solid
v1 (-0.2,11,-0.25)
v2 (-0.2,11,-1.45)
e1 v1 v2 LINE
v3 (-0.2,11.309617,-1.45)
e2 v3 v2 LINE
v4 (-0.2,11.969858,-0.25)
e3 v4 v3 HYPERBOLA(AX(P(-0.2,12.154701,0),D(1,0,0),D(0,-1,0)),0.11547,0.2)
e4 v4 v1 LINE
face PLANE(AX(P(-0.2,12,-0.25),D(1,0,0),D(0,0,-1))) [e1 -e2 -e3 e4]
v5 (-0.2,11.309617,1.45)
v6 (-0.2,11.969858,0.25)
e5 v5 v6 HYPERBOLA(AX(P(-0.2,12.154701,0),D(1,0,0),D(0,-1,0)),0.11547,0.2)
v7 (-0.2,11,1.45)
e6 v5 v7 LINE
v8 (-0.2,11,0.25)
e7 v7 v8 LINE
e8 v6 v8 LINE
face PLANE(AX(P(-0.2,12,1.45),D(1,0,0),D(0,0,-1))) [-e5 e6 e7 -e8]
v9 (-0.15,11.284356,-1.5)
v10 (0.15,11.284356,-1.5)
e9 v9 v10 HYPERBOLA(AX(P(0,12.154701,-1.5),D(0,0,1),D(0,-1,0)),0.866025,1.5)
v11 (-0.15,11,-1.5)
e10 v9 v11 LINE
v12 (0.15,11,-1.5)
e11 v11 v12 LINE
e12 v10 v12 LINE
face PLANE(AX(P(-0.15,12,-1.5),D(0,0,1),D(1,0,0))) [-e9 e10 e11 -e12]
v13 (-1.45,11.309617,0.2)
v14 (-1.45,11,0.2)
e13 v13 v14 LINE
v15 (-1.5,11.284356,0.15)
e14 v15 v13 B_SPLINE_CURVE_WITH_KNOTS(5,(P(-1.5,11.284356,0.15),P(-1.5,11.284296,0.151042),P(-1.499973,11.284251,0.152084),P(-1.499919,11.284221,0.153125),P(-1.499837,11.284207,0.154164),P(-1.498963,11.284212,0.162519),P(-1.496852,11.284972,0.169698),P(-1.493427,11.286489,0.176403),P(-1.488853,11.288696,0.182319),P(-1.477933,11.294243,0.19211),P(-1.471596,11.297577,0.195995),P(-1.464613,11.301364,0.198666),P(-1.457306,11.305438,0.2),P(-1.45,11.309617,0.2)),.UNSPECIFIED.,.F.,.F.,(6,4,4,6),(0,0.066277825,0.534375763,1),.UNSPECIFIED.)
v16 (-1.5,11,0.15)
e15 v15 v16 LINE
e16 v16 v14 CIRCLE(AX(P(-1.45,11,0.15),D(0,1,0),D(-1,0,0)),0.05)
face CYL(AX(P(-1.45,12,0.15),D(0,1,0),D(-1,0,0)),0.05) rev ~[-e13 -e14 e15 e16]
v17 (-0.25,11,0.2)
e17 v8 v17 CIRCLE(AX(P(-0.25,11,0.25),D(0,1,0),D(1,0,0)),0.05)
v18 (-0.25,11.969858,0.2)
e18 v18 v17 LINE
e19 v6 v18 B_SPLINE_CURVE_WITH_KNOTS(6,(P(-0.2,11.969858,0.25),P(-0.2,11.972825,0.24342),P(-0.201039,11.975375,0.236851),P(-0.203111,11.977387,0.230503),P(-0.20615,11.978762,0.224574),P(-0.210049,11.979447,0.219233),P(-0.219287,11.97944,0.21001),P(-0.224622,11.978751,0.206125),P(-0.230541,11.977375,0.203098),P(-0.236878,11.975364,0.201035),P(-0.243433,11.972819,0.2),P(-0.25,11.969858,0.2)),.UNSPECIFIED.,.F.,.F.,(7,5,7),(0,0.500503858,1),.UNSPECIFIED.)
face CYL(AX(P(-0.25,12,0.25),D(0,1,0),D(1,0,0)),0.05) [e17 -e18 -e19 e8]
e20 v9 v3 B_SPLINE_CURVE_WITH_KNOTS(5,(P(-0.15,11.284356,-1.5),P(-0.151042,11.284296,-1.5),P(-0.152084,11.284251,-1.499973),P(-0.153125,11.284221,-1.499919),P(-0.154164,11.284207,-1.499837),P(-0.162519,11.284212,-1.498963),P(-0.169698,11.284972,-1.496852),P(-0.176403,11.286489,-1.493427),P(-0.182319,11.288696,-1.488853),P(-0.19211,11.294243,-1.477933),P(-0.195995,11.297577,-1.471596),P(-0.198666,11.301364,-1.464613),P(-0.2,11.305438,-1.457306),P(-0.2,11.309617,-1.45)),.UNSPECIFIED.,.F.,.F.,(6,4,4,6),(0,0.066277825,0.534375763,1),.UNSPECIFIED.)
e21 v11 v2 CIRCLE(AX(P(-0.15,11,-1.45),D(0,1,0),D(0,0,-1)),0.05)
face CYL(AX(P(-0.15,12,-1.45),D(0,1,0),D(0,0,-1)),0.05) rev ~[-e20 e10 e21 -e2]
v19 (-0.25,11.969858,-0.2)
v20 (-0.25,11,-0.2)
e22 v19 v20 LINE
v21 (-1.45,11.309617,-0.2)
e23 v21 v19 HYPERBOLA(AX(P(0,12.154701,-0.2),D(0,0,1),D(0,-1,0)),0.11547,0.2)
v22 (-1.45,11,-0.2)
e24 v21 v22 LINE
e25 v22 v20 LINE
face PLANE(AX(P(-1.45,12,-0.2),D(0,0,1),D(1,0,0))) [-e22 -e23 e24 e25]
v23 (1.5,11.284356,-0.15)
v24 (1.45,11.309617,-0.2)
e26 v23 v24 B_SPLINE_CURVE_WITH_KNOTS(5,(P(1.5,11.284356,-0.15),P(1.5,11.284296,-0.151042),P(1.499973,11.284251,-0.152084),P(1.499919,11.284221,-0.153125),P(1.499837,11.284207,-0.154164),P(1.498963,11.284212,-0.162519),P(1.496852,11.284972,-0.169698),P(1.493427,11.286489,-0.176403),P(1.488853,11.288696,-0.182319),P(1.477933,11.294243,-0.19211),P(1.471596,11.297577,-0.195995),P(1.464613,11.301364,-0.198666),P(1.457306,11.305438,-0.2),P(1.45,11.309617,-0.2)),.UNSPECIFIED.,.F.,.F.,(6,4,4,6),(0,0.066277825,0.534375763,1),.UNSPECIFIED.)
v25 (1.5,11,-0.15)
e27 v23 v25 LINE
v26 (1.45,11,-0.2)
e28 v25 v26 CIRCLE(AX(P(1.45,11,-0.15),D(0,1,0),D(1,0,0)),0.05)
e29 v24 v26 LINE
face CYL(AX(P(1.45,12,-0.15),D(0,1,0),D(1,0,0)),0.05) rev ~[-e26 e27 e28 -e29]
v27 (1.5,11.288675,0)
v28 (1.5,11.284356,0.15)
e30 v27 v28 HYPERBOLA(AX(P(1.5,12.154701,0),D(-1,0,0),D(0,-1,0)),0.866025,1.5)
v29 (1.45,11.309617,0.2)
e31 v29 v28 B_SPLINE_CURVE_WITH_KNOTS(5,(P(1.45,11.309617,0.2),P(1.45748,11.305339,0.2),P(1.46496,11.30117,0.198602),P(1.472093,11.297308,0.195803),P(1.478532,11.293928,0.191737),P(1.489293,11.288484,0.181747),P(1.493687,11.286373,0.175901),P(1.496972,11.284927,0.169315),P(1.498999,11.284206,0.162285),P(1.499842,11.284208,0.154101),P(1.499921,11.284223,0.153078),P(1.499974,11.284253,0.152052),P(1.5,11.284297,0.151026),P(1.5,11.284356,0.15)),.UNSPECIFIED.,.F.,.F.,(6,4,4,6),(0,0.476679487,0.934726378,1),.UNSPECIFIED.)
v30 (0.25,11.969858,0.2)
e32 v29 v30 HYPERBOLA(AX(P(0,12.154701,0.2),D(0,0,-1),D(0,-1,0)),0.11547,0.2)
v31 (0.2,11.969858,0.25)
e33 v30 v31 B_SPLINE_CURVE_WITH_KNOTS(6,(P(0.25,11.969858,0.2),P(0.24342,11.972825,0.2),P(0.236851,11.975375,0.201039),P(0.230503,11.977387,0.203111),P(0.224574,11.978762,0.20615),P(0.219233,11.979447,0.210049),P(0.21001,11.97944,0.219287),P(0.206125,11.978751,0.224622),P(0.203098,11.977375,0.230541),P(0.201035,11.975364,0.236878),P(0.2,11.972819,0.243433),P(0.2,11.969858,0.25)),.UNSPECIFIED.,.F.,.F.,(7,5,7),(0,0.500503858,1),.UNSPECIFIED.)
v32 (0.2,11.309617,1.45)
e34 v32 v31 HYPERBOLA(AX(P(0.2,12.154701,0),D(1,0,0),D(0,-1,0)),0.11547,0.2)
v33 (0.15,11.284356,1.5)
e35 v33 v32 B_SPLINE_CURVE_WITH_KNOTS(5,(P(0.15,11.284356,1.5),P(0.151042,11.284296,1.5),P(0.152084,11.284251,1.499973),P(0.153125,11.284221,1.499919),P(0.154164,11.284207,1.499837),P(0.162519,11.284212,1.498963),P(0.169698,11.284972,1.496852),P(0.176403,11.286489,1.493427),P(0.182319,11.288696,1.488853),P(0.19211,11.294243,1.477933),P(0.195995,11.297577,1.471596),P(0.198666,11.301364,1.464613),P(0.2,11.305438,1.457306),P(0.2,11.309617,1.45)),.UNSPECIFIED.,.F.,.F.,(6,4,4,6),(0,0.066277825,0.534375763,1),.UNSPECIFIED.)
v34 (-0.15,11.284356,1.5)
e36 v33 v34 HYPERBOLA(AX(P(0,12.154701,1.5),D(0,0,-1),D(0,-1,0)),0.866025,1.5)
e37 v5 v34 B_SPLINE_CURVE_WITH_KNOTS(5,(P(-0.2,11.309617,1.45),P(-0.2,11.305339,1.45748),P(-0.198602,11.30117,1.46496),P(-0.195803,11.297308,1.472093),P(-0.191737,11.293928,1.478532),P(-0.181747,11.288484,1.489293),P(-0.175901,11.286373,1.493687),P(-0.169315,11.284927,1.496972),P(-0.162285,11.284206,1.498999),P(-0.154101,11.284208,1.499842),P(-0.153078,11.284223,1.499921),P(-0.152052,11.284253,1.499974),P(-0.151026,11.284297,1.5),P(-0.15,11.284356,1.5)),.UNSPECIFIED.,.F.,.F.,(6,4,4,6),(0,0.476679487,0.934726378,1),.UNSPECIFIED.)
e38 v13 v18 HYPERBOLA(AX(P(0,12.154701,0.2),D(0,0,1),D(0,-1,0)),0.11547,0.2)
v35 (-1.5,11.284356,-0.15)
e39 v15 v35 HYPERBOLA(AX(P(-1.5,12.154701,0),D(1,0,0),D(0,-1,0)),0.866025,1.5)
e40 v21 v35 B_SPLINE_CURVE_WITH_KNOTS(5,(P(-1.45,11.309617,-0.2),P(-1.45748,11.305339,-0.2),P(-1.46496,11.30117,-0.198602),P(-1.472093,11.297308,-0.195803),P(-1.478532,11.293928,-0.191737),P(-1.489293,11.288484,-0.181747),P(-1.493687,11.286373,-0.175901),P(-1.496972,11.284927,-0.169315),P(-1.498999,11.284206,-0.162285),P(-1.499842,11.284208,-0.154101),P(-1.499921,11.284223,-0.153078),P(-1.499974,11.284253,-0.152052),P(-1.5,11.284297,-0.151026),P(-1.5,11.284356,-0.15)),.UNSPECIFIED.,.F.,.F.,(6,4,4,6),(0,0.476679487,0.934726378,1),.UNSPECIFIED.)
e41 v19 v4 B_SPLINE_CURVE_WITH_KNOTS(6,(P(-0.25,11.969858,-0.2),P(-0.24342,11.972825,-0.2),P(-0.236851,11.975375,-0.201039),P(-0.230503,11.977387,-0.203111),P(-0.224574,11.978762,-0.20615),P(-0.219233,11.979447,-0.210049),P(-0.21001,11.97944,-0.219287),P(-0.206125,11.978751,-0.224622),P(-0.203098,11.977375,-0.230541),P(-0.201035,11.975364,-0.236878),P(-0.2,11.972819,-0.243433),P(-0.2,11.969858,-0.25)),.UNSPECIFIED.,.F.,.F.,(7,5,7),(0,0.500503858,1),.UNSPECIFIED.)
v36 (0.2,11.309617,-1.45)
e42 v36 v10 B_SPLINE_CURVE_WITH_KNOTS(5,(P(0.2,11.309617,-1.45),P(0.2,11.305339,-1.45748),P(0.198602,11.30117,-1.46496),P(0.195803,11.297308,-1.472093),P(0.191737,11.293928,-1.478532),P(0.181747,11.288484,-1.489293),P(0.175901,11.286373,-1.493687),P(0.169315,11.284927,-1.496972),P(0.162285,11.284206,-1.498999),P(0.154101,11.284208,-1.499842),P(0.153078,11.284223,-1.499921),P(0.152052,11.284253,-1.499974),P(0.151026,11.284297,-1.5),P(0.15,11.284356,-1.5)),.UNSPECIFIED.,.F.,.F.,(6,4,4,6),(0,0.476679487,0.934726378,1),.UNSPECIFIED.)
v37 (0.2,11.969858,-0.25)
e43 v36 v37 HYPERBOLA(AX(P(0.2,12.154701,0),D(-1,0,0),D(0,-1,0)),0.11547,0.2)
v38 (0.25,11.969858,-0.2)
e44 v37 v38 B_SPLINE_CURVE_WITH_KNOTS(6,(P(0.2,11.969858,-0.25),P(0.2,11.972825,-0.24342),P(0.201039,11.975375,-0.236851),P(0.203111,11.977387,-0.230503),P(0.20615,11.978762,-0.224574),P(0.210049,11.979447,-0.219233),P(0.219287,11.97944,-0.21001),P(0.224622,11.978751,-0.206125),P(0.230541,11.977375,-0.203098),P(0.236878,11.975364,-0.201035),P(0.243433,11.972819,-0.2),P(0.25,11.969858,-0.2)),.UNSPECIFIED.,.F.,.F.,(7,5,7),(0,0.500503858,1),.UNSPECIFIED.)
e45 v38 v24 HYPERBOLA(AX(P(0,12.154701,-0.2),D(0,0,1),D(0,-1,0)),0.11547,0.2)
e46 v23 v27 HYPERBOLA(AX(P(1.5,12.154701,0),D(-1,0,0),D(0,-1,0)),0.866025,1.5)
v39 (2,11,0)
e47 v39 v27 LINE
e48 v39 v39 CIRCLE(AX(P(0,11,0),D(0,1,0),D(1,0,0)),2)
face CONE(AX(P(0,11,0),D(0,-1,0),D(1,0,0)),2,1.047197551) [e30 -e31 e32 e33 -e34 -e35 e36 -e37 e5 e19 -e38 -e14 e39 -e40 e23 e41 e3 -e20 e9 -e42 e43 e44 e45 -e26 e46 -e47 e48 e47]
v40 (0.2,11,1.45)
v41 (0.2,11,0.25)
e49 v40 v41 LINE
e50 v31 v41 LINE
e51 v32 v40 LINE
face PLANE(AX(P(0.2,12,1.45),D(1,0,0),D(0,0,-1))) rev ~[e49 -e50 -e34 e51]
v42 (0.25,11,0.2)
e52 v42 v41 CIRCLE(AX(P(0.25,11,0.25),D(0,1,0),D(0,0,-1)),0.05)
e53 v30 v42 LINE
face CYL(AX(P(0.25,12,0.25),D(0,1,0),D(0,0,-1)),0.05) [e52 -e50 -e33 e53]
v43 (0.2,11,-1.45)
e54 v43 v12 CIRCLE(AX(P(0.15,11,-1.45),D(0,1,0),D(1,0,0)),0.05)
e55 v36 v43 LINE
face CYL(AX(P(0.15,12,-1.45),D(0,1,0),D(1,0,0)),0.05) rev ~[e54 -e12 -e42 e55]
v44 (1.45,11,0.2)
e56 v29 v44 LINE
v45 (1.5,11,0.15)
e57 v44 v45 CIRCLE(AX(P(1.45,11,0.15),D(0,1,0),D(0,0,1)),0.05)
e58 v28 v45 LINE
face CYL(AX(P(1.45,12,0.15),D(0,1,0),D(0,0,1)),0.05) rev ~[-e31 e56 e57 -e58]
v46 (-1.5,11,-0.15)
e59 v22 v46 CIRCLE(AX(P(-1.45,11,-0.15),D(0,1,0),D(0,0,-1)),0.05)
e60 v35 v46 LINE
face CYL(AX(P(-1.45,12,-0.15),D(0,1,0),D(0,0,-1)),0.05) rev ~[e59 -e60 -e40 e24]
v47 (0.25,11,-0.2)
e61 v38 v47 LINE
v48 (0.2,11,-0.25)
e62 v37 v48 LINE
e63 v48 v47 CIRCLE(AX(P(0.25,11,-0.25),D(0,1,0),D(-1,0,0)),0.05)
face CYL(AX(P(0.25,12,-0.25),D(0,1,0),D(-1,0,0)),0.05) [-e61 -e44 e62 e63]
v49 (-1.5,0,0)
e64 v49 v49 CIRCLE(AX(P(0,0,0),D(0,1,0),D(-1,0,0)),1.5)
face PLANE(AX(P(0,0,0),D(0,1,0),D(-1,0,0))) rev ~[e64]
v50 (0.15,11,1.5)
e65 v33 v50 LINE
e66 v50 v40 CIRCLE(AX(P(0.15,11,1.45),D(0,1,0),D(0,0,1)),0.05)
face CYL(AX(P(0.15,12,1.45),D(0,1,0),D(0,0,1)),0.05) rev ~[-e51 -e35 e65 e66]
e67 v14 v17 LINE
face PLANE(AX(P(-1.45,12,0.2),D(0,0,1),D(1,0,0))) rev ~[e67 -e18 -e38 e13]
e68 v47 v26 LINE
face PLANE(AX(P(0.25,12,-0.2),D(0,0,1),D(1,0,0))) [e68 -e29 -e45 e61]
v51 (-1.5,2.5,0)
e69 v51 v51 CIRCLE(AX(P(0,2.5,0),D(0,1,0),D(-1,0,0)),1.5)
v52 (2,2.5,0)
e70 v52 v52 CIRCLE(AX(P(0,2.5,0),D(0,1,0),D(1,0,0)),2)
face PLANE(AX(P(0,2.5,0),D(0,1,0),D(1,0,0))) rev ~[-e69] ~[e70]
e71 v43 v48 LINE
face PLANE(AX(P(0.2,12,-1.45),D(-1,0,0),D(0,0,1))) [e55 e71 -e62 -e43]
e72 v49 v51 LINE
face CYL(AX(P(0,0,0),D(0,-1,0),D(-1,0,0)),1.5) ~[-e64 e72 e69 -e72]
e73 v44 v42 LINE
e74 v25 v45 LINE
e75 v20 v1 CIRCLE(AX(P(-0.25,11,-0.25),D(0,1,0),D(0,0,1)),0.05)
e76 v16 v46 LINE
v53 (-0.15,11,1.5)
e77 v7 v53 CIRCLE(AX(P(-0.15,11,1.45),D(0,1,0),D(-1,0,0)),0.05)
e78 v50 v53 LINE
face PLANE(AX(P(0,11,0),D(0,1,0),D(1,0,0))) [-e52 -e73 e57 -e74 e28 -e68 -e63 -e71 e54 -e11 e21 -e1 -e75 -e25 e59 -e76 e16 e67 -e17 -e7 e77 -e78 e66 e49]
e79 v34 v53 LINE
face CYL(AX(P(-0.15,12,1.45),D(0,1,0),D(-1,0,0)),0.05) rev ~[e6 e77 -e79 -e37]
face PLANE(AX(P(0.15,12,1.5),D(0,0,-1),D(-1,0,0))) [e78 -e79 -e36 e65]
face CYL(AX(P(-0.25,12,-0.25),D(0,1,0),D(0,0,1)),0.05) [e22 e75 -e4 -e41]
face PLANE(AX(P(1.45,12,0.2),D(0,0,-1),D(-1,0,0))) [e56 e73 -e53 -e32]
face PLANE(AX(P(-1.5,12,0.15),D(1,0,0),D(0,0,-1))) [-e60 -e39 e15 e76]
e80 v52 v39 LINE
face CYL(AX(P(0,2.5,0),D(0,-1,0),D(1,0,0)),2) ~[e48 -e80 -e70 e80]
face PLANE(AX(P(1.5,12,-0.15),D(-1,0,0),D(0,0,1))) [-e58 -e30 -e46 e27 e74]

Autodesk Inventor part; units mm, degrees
ref_plane "YZ Plane" through (0, 0, 0) normal (1, 0, 0) x (0, 1, 0)
ref_plane "XZ Plane" through (0, 0, 0) normal (0, 1, 0) x (-1, 0, 0)
ref_plane "XY Plane" through (0, 0, 0) normal (0, 0, 1) x (1, 0, 0)
sketch "Sketch1" plane through (0, 0, 0) normal (0, 1, 0) x (-1, 0, 0)
  circle A0 centre (0, 0) radius 1.5
  dimension "d0" = 3
extrude "Extrusion1" add sketch "Sketch1" along normal blind 2.5
sketch "Sketch2" plane through (0, 2.5, 0) normal (0, 1, 0) x (1, 0, 0)
  circle A0 centre (0, 0) radius 2
  dimension "d3" = 4
extrude "Extrusion2" add sketch "Sketch2" along normal blind 8.5
thread "Thread1" size "M3x0.5" class "6g" standard "ANSI Metric M Profile" length 5.5
sketch "Sketch3" plane through (0, 11, 0) normal (0, 1, 0) x (1, 0, 0)
  circle A0 centre (0, 0) radius 2
  dimension "d8" = 4
extrude "Extrusion3" add sketch "Sketch3" along normal blind 1 draft -60
sketch "Sketch4" plane through (0, 12, 0) normal (0, 1, 0) x (1, 0, 0)
  line L0 (-0.15, 1.5) -> (0.15, 1.5)
  line L1 (0.2, 1.45) -> (0.2, 0.25)
  line L2 (0.15, -1.5) -> (-0.15, -1.5)
  line L3 (-0.2, 0.25) -> (-0.2, 1.45)
  line L4 (-0.2, 1.5) -> (0.2, -1.5) construction
  line L5 (0.2, 1.5) -> (-0.2, -1.5) construction
  line L6 (0.25, 0.2) -> (1.45, 0.2)
  line L7 (1.5, 0.15) -> (1.5, -0.15)
  line L8 (1.45, -0.2) -> (0.25, -0.2)
  line L9 (-1.5, -0.15) -> (-1.5, 0.15)
  circle A0 centre (0, 0) radius 0.2679 projected
  line L10 (-1.5, 0.2) -> (1.5, -0.2) construction
  line L11 (1.5, 0.2) -> (-1.5, -0.2) construction
  arc A1 (-0.15, 1.5) -> (-0.2, 1.45) centre (-0.15, 1.45) ccw
  arc A2 (0.2, 1.45) -> (0.15, 1.5) centre (0.15, 1.45) ccw
  arc A3 (0.2, 0.25) -> (0.25, 0.2) centre (0.25, 0.25) ccw
  arc A4 (1.5, 0.15) -> (1.45, 0.2) centre (1.45, 0.15) ccw
  arc A5 (1.45, -0.2) -> (1.5, -0.15) centre (1.45, -0.15) ccw
  line L12 (0.2, -1.45) -> (0.2, -0.25)
  line L13 (-1.45, 0.2) -> (-0.25, 0.2)
  arc A6 (0.25, -0.2) -> (0.2, -0.25) centre (0.25, -0.25) ccw
  arc A7 (-0.25, 0.2) -> (-0.2, 0.25) centre (-0.25, 0.25) ccw
  line L14 (-1.45, -0.2) -> (-0.25, -0.2)
  line L15 (-0.2, -1.45) -> (-0.2, -0.25)
  arc A8 (-0.2, -0.25) -> (-0.25, -0.2) centre (-0.25, -0.25) ccw
  arc A9 (-1.45, 0.2) -> (-1.5, 0.15) centre (-1.45, 0.15) ccw
  arc A10 (-1.5, -0.15) -> (-1.45, -0.2) centre (-1.45, -0.15) ccw
  arc A11 (-0.2, -1.45) -> (-0.15, -1.5) centre (-0.15, -1.45) ccw
  arc A12 (0.15, -1.5) -> (0.2, -1.45) centre (0.15, -1.45) ccw
  point P0 (0.25, 0.2)
  point P1 (0.3698, -0.2)
  point P2 (-0.2, 0.3871)
  dimension "d11" = 0.4
  dimension "d12" = 3
  dimension "d13" = 3
  dimension "d14" = 0.4
  dimension "d15" = 0.05
  dimension "d16" = 0.05
  dimension "d17" = 0.05
extrude "Extrusion4" cut sketch "Sketch4" against normal blind 1 contours L0 A2 L1 A3 L6 A4 L7 A5 L8 A6 L12 A12 L2 A11 L15 A8 L14 A10 L9 A9 L13 A7 L3 A1 | A0
properties material "Stainless Steel"
